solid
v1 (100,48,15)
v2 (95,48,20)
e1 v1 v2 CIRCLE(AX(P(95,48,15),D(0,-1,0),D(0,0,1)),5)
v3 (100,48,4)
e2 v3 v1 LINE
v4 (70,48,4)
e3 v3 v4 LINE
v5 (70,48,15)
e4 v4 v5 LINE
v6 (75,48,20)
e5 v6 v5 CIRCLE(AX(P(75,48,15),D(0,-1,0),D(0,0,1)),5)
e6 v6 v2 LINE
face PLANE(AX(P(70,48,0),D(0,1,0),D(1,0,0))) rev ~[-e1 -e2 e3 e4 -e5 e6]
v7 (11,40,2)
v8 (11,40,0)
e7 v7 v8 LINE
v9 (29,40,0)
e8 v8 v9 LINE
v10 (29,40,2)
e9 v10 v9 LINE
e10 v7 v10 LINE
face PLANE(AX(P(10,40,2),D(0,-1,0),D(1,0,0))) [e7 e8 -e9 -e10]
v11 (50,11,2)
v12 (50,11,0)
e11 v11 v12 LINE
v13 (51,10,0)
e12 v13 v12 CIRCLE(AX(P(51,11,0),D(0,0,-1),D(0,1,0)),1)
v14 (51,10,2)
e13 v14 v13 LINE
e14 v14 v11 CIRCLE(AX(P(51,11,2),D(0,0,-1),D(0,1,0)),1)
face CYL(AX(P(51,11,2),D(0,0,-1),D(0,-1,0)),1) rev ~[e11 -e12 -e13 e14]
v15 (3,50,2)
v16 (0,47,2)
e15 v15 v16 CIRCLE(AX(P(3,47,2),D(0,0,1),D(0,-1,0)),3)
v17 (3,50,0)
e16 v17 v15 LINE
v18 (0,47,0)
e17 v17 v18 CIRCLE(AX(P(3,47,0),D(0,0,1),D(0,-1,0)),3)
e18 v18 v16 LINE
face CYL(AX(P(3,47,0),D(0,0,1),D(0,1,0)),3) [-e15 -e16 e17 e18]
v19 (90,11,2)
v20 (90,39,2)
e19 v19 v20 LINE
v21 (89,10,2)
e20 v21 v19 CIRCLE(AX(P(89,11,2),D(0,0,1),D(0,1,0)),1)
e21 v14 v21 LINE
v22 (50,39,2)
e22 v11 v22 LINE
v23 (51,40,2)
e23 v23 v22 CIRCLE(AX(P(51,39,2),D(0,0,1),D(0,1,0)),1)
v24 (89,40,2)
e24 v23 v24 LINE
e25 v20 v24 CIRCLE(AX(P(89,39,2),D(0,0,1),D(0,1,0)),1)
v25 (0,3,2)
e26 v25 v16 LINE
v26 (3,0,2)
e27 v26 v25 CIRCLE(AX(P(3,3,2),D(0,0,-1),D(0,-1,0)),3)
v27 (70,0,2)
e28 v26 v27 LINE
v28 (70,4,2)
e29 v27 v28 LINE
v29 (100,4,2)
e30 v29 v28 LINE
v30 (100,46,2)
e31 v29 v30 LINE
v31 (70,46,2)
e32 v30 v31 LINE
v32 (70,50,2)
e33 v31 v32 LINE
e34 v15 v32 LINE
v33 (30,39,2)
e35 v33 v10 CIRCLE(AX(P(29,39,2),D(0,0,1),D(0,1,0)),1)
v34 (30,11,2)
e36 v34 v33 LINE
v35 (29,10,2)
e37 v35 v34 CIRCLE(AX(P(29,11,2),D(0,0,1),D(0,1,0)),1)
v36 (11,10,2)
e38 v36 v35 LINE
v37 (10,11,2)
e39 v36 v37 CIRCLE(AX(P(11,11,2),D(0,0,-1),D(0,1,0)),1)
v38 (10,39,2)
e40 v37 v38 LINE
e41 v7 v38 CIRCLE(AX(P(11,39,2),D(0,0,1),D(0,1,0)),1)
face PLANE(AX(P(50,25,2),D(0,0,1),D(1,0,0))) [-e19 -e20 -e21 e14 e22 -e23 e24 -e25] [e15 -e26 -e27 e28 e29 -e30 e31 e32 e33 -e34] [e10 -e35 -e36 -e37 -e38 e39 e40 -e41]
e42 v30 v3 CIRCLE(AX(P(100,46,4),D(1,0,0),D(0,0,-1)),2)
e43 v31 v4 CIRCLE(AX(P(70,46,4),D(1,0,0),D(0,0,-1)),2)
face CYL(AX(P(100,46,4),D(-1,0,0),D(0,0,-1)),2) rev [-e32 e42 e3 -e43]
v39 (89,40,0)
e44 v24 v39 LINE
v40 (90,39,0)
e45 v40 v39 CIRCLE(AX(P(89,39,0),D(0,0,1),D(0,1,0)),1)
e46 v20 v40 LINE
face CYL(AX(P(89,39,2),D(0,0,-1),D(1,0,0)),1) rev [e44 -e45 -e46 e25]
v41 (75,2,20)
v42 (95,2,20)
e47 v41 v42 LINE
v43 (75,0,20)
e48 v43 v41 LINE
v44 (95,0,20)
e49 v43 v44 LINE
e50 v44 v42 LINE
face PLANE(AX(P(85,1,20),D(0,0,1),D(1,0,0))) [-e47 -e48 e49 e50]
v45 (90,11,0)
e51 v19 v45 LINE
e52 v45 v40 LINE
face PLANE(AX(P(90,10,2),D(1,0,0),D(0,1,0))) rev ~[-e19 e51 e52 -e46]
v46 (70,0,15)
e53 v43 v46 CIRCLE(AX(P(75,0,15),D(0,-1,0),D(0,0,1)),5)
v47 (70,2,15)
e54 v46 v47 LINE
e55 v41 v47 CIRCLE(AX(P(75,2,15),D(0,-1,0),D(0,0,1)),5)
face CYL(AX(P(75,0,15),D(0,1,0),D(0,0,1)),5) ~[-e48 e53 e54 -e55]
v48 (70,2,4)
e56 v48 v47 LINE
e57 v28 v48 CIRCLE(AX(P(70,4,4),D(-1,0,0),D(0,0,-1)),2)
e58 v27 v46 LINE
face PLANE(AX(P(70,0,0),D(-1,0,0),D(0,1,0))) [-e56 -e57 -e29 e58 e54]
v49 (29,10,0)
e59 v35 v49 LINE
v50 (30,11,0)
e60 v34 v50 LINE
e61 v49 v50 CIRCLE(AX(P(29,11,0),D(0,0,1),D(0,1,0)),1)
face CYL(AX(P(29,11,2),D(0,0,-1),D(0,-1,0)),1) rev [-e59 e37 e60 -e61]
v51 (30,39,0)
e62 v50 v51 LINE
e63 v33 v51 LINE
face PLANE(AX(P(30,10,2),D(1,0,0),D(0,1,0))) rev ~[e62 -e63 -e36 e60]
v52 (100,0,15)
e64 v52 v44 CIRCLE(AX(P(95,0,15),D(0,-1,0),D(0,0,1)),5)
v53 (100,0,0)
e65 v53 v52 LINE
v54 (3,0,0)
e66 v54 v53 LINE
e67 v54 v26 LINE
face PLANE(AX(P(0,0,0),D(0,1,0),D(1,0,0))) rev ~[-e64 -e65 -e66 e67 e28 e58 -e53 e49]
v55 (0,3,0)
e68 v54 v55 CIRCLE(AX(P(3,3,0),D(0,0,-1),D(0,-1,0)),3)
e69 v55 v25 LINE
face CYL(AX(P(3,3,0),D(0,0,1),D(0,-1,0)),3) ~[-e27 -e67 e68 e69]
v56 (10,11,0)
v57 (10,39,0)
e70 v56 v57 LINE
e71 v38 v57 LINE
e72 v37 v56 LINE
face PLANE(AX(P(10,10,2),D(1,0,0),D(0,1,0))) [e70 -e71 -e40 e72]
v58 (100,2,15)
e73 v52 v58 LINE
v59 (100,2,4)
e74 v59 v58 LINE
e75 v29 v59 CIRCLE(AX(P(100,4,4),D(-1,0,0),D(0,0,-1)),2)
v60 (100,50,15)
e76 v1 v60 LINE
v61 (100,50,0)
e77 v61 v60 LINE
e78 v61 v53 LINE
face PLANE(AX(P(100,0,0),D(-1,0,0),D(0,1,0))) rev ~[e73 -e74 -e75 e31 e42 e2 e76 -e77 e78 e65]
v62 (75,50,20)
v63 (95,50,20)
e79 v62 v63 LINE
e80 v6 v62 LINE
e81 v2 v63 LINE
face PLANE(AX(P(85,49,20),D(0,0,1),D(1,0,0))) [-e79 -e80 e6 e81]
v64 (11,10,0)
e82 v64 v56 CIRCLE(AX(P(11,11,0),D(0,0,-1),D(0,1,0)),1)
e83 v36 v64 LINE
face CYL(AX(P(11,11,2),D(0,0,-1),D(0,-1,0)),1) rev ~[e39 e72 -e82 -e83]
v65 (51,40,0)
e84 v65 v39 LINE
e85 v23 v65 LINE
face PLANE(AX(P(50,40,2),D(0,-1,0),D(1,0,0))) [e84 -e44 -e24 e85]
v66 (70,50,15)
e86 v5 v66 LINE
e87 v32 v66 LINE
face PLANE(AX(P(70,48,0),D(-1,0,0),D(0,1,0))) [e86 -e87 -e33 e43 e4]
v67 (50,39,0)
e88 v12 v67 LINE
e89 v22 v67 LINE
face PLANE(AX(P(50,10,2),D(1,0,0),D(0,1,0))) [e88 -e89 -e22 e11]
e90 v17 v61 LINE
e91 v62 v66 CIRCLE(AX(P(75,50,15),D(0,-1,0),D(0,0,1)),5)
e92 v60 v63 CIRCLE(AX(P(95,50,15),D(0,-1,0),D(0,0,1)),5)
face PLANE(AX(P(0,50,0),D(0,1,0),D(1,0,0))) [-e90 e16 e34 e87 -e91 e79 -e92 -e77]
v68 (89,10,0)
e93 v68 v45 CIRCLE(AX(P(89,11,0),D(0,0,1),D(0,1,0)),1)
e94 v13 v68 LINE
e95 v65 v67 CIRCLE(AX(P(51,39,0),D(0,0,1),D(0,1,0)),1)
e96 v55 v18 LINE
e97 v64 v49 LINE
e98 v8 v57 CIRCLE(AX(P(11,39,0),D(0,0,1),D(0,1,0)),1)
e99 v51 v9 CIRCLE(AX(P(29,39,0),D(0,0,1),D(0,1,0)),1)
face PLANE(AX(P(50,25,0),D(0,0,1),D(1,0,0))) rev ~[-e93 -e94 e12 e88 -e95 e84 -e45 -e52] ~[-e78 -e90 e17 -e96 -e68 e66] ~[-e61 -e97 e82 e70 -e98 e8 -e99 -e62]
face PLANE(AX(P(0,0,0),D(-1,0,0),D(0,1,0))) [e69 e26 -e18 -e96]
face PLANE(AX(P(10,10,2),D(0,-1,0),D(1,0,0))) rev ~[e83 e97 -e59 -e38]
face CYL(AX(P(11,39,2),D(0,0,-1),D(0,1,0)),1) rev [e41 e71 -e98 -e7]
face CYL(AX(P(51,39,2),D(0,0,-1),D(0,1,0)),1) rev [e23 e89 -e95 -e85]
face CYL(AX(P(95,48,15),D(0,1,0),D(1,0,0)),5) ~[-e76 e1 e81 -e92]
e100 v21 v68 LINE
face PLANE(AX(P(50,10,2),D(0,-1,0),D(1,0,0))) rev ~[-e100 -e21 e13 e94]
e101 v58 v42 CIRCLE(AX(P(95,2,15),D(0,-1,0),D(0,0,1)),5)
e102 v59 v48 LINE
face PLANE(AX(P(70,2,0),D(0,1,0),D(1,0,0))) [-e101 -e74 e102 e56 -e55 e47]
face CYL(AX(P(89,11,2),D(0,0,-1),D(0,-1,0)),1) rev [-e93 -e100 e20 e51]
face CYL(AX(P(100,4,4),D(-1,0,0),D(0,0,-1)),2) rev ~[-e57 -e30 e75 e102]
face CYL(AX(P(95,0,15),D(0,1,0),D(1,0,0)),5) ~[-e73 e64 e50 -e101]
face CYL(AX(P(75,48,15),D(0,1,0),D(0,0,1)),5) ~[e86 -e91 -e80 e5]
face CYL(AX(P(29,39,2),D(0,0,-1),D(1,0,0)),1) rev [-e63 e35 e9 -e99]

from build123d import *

# Parameters (mm, degrees)
BOX001_W     = 30
BOX001_H     = 2
BOX001_DEPTH = 20
BOX002_W     = 30
BOX002_H     = 2
BOX002_DEPTH = 20
BOX_W        = 100
BOX_H        = 50
BOX_DEPTH    = 2
SKETCH_W     = 20
SKETCH_H     = 30
SKETCH_W_2   = 40
POCKET_DEPTH = 2.001
FILLET_1_R   = 3
FILLET_2_R   = 1
FILLET001_R  = 5
FILLET002_R  = 2


with BuildPart() as aleta_dch:
    # Box001 → Box001 (new body)
    with BuildSketch(Plane(origin=(70, 0, 0), x_dir=(1, 0, 0), z_dir=(0, 0, 1))):
        with Locations((15, 1)):
            Rectangle(BOX001_W, BOX001_H)
    extrude(amount=BOX001_DEPTH)


with BuildPart() as aleta_izq:
    # Box002 → Box002 (new body)
    with BuildSketch(Plane(origin=(70, 48, 0), x_dir=(1, 0, 0), z_dir=(0, 0, 1))):
        with Locations((15, 1)):
            Rectangle(BOX002_W, BOX002_H)
    extrude(amount=BOX002_DEPTH)


with BuildPart() as refuerzos:
    # Box → Box (new body)
    with BuildSketch(Plane.XY):
        with Locations((50, 25)):
            Rectangle(BOX_W, BOX_H)
    extrude(amount=BOX_DEPTH)

    # Fusion: union Aleta_DCH, Aleta_IZQ
    add(aleta_dch.part)
    add(aleta_izq.part)

    # Sketch → Pocket (cut, through all)
    with BuildSketch(Plane.XY.offset(2)):
        with Locations((20, 25)):
            Rectangle(SKETCH_W, SKETCH_H)
        with Locations((70, 25)):
            Rectangle(SKETCH_W_2, SKETCH_H)
    extrude(amount=-POCKET_DEPTH, mode=Mode.SUBTRACT)

    # Fillet 1
    fillet_1_edges = [refuerzos.edges().sort_by_distance(p)[0] for p in [
        (0, 50, 1),
        (0, 0, 1),
    ]]
    fillet(fillet_1_edges, radius=FILLET_1_R)

    # Fillet 2
    fillet_2_edges = [refuerzos.edges().sort_by_distance(p)[0] for p in [
        (90, 10, 1),
        (50, 10, 1),
        (90, 40, 1),
        (50, 40, 1),
        (10, 40, 1),
        (30, 40, 1),
        (10, 10, 1),
        (30, 10, 1),
    ]]
    fillet(fillet_2_edges, radius=FILLET_2_R)

    # Fillet001
    fillet001_edges = [refuerzos.edges().sort_by_distance(p)[0] for p in [
        (100, 1, 20),
        (100, 49, 20),
        (70, 49, 20),
        (70, 1, 20),
    ]]
    fillet(fillet001_edges, radius=FILLET001_R)

    # Fillet002
    fillet002_edges = [refuerzos.edges().sort_by_distance(p)[0] for p in [
        (85, 48, 2),
        (85, 2, 2),
    ]]
    fillet(fillet002_edges, radius=FILLET002_R)


solid = refuerzos.part
